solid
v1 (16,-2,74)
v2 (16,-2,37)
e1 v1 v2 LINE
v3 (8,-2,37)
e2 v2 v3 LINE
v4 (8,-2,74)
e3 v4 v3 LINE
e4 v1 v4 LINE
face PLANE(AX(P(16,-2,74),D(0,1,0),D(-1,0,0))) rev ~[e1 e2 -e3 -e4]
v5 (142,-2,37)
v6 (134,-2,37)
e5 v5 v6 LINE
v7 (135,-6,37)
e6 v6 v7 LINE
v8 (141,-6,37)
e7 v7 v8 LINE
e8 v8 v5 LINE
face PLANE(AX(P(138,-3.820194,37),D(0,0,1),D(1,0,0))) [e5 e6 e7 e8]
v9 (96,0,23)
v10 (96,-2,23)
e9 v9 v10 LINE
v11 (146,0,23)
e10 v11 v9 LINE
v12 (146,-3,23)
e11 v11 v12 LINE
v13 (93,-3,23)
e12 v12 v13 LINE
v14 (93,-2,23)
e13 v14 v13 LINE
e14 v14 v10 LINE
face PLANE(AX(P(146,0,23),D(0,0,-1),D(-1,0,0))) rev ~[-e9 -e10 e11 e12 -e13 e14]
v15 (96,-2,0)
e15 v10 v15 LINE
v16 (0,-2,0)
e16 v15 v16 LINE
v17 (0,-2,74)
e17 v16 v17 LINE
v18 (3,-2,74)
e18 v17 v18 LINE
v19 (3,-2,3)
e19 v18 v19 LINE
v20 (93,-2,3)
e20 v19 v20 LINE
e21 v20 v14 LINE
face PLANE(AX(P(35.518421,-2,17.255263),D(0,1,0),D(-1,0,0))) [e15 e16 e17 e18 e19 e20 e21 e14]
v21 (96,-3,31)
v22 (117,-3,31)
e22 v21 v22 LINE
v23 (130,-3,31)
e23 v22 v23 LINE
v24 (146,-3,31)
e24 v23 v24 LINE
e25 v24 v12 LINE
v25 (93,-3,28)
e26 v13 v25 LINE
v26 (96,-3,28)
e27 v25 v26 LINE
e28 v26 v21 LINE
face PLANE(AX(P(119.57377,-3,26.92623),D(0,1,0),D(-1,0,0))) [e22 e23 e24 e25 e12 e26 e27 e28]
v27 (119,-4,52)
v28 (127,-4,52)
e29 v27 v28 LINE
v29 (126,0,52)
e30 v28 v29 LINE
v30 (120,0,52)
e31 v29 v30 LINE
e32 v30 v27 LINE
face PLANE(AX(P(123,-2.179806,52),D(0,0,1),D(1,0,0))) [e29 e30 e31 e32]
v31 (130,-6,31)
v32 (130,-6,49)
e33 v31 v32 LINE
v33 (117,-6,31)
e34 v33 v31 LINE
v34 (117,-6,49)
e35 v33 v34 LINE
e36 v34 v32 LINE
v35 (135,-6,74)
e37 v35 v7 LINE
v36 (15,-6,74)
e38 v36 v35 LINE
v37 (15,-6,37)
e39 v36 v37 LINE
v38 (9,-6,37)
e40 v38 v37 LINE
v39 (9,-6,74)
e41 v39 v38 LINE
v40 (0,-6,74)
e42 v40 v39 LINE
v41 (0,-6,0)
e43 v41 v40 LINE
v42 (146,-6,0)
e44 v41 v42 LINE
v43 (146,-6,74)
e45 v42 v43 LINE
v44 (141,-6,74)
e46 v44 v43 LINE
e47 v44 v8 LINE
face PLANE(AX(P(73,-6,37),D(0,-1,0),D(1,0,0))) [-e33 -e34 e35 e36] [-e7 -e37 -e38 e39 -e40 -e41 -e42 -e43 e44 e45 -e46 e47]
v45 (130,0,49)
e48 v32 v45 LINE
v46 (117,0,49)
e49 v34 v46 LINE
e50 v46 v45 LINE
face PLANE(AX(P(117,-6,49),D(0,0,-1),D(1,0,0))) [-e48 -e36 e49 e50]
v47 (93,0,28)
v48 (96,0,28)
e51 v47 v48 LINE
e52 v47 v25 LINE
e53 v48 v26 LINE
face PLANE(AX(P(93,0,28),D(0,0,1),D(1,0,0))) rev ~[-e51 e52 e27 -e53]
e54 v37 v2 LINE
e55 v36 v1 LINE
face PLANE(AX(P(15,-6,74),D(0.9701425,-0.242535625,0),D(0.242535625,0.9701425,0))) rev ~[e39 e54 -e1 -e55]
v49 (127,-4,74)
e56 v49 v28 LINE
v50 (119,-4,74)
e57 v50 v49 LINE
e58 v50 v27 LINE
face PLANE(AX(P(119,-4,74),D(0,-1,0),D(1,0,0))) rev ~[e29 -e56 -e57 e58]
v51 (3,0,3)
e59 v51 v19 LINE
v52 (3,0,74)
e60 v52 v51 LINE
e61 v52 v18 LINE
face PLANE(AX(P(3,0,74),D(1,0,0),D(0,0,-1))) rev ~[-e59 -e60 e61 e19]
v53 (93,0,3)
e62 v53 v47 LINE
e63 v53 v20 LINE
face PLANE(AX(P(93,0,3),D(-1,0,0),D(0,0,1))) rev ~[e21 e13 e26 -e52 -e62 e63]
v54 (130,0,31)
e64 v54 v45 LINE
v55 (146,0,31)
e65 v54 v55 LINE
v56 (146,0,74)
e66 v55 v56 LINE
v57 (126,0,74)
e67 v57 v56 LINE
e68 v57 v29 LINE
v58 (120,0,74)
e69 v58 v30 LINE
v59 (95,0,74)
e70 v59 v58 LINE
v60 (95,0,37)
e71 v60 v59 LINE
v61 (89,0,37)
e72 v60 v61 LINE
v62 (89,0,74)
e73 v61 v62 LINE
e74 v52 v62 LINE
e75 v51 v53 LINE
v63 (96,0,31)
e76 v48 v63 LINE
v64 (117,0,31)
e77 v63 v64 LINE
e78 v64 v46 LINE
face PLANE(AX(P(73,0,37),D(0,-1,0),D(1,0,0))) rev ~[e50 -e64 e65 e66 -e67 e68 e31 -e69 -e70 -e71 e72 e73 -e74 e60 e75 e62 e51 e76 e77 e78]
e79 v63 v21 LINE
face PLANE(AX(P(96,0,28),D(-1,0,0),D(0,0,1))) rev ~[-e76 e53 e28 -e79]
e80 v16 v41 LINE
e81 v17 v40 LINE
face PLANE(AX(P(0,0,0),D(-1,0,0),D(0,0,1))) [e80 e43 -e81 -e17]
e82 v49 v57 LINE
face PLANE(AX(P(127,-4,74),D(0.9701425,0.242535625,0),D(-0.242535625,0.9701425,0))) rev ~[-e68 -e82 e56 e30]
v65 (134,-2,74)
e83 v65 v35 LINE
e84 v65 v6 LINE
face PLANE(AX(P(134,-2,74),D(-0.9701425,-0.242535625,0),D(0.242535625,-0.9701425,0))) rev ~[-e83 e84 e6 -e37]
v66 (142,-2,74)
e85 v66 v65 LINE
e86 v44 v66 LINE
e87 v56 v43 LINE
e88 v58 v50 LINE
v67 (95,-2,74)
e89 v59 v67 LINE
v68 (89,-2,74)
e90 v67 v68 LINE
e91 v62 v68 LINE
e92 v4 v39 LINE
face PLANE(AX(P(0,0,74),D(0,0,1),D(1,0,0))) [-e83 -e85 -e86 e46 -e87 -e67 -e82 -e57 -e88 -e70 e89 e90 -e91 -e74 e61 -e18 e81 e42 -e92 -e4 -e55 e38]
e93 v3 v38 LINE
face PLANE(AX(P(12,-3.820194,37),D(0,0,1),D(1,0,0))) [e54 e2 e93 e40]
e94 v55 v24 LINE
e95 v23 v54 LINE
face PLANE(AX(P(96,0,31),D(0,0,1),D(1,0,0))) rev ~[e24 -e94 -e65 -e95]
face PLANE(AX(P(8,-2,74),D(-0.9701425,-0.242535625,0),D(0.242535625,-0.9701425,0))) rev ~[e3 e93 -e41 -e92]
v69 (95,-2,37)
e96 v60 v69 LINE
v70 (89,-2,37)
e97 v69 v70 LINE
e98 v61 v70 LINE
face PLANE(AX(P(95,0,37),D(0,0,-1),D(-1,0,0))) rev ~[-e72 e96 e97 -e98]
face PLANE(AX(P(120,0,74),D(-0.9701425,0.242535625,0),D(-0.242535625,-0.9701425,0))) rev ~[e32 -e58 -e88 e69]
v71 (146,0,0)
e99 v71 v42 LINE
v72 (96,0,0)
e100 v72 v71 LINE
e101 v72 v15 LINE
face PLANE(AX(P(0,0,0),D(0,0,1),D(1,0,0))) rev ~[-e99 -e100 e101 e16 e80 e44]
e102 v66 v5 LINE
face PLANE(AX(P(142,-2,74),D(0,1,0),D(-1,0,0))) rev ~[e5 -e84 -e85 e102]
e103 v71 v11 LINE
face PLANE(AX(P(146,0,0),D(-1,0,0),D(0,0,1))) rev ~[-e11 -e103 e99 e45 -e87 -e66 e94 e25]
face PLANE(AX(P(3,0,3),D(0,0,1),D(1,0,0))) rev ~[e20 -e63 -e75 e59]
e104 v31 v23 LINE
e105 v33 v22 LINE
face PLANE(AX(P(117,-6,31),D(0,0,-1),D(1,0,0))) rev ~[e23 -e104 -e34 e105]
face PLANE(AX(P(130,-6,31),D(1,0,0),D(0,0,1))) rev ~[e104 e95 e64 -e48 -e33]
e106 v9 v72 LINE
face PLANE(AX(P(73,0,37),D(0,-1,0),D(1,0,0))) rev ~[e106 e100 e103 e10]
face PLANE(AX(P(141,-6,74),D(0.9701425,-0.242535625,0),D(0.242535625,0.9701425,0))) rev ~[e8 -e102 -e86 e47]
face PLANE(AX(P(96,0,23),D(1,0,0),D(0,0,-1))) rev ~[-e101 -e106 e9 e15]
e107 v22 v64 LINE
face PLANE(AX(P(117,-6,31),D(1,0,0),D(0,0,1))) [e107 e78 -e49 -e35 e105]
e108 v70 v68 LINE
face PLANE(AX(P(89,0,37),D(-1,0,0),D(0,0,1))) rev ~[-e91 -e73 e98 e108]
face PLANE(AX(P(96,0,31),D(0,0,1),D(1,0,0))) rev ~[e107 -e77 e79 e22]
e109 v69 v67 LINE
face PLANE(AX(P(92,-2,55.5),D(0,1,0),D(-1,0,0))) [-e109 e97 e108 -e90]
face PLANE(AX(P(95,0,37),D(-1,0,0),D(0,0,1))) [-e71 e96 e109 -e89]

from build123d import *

# Parameters (mm, degrees)
F0_W      = 146
F0_H      = 74
F1_DEPTH  = 6
F2_W      = 13
F2_H      = 18
F3_DEPTH  = 6
F5_DEPTH  = 2
F7_DEPTH  = 3
F6_W      = 6
F6_H      = 37
F8_DEPTH  = 2
F10_DEPTH = 37
F11_DEPTH = 37
F12_DEPTH = 22


with BuildPart() as f1:
    # F0 (on Front) → F1 (new body)
    with BuildSketch(Plane.XZ):
        with Locations((73, 37)):
            Rectangle(F0_W, F0_H)
    extrude(amount=F1_DEPTH)

    # F2 (on face) → F3 (cut)
    with BuildSketch(Plane.XZ.offset(6)):
        with Locations((123.5, 40)):
            Rectangle(F2_W, F2_H)
    extrude(amount=-F3_DEPTH, mode=Mode.SUBTRACT)

    # F4 (on face) → F5 (cut)
    with BuildSketch(Plane(origin=(0, 0, 0), x_dir=(-1, 0, 0), z_dir=(0, 1, 0))):
        Polygon((-96, 23), (-96, 0), (0, 0), (0, 74), (-3, 74), (-3, 3), (-93, 3), (-93, 23), align=None)
    extrude(amount=-F5_DEPTH, mode=Mode.SUBTRACT)

    # F6 (on face) → F7 (cut)
    with BuildSketch(Plane(origin=(0, 0, 0), x_dir=(-1, 0, 0), z_dir=(0, 1, 0))):
        Polygon((-146, 31), (-146, 23), (-96, 23), (-93, 23), (-93, 28), (-96, 28), (-96, 31), (-117, 31), (-130, 31), align=None)
    extrude(amount=-F7_DEPTH, mode=Mode.SUBTRACT)

    # F6 (on face) → F8 (cut)
    with BuildSketch(Plane(origin=(0, 0, 0), x_dir=(-1, 0, 0), z_dir=(0, 1, 0))):
        with Locations((-92, 55.5)):
            Rectangle(F6_W, F6_H)
    extrude(amount=-F8_DEPTH, mode=Mode.SUBTRACT)

    # F9 (on face) → F10 (cut)
    with BuildSketch(Plane.XY.offset(74)):
        Polygon((141, -6), (142, -2), (134, -2), (135, -6), align=None)
    extrude(amount=-F10_DEPTH, mode=Mode.SUBTRACT)

    # F9 (on face) → F11 (cut)
    with BuildSketch(Plane.XY.offset(74)):
        Polygon((15, -6), (16, -2), (8, -2), (9, -6), align=None)
    extrude(amount=-F11_DEPTH, mode=Mode.SUBTRACT)

    # F9 (on face) → F12 (cut)
    with BuildSketch(Plane.XY.offset(74)):
        Polygon((126, -4), (127, -4), (126, 0), (120, 0), (119, -4), (120, -4), align=None)
    extrude(amount=-F12_DEPTH, mode=Mode.SUBTRACT)


solid = f1.part
